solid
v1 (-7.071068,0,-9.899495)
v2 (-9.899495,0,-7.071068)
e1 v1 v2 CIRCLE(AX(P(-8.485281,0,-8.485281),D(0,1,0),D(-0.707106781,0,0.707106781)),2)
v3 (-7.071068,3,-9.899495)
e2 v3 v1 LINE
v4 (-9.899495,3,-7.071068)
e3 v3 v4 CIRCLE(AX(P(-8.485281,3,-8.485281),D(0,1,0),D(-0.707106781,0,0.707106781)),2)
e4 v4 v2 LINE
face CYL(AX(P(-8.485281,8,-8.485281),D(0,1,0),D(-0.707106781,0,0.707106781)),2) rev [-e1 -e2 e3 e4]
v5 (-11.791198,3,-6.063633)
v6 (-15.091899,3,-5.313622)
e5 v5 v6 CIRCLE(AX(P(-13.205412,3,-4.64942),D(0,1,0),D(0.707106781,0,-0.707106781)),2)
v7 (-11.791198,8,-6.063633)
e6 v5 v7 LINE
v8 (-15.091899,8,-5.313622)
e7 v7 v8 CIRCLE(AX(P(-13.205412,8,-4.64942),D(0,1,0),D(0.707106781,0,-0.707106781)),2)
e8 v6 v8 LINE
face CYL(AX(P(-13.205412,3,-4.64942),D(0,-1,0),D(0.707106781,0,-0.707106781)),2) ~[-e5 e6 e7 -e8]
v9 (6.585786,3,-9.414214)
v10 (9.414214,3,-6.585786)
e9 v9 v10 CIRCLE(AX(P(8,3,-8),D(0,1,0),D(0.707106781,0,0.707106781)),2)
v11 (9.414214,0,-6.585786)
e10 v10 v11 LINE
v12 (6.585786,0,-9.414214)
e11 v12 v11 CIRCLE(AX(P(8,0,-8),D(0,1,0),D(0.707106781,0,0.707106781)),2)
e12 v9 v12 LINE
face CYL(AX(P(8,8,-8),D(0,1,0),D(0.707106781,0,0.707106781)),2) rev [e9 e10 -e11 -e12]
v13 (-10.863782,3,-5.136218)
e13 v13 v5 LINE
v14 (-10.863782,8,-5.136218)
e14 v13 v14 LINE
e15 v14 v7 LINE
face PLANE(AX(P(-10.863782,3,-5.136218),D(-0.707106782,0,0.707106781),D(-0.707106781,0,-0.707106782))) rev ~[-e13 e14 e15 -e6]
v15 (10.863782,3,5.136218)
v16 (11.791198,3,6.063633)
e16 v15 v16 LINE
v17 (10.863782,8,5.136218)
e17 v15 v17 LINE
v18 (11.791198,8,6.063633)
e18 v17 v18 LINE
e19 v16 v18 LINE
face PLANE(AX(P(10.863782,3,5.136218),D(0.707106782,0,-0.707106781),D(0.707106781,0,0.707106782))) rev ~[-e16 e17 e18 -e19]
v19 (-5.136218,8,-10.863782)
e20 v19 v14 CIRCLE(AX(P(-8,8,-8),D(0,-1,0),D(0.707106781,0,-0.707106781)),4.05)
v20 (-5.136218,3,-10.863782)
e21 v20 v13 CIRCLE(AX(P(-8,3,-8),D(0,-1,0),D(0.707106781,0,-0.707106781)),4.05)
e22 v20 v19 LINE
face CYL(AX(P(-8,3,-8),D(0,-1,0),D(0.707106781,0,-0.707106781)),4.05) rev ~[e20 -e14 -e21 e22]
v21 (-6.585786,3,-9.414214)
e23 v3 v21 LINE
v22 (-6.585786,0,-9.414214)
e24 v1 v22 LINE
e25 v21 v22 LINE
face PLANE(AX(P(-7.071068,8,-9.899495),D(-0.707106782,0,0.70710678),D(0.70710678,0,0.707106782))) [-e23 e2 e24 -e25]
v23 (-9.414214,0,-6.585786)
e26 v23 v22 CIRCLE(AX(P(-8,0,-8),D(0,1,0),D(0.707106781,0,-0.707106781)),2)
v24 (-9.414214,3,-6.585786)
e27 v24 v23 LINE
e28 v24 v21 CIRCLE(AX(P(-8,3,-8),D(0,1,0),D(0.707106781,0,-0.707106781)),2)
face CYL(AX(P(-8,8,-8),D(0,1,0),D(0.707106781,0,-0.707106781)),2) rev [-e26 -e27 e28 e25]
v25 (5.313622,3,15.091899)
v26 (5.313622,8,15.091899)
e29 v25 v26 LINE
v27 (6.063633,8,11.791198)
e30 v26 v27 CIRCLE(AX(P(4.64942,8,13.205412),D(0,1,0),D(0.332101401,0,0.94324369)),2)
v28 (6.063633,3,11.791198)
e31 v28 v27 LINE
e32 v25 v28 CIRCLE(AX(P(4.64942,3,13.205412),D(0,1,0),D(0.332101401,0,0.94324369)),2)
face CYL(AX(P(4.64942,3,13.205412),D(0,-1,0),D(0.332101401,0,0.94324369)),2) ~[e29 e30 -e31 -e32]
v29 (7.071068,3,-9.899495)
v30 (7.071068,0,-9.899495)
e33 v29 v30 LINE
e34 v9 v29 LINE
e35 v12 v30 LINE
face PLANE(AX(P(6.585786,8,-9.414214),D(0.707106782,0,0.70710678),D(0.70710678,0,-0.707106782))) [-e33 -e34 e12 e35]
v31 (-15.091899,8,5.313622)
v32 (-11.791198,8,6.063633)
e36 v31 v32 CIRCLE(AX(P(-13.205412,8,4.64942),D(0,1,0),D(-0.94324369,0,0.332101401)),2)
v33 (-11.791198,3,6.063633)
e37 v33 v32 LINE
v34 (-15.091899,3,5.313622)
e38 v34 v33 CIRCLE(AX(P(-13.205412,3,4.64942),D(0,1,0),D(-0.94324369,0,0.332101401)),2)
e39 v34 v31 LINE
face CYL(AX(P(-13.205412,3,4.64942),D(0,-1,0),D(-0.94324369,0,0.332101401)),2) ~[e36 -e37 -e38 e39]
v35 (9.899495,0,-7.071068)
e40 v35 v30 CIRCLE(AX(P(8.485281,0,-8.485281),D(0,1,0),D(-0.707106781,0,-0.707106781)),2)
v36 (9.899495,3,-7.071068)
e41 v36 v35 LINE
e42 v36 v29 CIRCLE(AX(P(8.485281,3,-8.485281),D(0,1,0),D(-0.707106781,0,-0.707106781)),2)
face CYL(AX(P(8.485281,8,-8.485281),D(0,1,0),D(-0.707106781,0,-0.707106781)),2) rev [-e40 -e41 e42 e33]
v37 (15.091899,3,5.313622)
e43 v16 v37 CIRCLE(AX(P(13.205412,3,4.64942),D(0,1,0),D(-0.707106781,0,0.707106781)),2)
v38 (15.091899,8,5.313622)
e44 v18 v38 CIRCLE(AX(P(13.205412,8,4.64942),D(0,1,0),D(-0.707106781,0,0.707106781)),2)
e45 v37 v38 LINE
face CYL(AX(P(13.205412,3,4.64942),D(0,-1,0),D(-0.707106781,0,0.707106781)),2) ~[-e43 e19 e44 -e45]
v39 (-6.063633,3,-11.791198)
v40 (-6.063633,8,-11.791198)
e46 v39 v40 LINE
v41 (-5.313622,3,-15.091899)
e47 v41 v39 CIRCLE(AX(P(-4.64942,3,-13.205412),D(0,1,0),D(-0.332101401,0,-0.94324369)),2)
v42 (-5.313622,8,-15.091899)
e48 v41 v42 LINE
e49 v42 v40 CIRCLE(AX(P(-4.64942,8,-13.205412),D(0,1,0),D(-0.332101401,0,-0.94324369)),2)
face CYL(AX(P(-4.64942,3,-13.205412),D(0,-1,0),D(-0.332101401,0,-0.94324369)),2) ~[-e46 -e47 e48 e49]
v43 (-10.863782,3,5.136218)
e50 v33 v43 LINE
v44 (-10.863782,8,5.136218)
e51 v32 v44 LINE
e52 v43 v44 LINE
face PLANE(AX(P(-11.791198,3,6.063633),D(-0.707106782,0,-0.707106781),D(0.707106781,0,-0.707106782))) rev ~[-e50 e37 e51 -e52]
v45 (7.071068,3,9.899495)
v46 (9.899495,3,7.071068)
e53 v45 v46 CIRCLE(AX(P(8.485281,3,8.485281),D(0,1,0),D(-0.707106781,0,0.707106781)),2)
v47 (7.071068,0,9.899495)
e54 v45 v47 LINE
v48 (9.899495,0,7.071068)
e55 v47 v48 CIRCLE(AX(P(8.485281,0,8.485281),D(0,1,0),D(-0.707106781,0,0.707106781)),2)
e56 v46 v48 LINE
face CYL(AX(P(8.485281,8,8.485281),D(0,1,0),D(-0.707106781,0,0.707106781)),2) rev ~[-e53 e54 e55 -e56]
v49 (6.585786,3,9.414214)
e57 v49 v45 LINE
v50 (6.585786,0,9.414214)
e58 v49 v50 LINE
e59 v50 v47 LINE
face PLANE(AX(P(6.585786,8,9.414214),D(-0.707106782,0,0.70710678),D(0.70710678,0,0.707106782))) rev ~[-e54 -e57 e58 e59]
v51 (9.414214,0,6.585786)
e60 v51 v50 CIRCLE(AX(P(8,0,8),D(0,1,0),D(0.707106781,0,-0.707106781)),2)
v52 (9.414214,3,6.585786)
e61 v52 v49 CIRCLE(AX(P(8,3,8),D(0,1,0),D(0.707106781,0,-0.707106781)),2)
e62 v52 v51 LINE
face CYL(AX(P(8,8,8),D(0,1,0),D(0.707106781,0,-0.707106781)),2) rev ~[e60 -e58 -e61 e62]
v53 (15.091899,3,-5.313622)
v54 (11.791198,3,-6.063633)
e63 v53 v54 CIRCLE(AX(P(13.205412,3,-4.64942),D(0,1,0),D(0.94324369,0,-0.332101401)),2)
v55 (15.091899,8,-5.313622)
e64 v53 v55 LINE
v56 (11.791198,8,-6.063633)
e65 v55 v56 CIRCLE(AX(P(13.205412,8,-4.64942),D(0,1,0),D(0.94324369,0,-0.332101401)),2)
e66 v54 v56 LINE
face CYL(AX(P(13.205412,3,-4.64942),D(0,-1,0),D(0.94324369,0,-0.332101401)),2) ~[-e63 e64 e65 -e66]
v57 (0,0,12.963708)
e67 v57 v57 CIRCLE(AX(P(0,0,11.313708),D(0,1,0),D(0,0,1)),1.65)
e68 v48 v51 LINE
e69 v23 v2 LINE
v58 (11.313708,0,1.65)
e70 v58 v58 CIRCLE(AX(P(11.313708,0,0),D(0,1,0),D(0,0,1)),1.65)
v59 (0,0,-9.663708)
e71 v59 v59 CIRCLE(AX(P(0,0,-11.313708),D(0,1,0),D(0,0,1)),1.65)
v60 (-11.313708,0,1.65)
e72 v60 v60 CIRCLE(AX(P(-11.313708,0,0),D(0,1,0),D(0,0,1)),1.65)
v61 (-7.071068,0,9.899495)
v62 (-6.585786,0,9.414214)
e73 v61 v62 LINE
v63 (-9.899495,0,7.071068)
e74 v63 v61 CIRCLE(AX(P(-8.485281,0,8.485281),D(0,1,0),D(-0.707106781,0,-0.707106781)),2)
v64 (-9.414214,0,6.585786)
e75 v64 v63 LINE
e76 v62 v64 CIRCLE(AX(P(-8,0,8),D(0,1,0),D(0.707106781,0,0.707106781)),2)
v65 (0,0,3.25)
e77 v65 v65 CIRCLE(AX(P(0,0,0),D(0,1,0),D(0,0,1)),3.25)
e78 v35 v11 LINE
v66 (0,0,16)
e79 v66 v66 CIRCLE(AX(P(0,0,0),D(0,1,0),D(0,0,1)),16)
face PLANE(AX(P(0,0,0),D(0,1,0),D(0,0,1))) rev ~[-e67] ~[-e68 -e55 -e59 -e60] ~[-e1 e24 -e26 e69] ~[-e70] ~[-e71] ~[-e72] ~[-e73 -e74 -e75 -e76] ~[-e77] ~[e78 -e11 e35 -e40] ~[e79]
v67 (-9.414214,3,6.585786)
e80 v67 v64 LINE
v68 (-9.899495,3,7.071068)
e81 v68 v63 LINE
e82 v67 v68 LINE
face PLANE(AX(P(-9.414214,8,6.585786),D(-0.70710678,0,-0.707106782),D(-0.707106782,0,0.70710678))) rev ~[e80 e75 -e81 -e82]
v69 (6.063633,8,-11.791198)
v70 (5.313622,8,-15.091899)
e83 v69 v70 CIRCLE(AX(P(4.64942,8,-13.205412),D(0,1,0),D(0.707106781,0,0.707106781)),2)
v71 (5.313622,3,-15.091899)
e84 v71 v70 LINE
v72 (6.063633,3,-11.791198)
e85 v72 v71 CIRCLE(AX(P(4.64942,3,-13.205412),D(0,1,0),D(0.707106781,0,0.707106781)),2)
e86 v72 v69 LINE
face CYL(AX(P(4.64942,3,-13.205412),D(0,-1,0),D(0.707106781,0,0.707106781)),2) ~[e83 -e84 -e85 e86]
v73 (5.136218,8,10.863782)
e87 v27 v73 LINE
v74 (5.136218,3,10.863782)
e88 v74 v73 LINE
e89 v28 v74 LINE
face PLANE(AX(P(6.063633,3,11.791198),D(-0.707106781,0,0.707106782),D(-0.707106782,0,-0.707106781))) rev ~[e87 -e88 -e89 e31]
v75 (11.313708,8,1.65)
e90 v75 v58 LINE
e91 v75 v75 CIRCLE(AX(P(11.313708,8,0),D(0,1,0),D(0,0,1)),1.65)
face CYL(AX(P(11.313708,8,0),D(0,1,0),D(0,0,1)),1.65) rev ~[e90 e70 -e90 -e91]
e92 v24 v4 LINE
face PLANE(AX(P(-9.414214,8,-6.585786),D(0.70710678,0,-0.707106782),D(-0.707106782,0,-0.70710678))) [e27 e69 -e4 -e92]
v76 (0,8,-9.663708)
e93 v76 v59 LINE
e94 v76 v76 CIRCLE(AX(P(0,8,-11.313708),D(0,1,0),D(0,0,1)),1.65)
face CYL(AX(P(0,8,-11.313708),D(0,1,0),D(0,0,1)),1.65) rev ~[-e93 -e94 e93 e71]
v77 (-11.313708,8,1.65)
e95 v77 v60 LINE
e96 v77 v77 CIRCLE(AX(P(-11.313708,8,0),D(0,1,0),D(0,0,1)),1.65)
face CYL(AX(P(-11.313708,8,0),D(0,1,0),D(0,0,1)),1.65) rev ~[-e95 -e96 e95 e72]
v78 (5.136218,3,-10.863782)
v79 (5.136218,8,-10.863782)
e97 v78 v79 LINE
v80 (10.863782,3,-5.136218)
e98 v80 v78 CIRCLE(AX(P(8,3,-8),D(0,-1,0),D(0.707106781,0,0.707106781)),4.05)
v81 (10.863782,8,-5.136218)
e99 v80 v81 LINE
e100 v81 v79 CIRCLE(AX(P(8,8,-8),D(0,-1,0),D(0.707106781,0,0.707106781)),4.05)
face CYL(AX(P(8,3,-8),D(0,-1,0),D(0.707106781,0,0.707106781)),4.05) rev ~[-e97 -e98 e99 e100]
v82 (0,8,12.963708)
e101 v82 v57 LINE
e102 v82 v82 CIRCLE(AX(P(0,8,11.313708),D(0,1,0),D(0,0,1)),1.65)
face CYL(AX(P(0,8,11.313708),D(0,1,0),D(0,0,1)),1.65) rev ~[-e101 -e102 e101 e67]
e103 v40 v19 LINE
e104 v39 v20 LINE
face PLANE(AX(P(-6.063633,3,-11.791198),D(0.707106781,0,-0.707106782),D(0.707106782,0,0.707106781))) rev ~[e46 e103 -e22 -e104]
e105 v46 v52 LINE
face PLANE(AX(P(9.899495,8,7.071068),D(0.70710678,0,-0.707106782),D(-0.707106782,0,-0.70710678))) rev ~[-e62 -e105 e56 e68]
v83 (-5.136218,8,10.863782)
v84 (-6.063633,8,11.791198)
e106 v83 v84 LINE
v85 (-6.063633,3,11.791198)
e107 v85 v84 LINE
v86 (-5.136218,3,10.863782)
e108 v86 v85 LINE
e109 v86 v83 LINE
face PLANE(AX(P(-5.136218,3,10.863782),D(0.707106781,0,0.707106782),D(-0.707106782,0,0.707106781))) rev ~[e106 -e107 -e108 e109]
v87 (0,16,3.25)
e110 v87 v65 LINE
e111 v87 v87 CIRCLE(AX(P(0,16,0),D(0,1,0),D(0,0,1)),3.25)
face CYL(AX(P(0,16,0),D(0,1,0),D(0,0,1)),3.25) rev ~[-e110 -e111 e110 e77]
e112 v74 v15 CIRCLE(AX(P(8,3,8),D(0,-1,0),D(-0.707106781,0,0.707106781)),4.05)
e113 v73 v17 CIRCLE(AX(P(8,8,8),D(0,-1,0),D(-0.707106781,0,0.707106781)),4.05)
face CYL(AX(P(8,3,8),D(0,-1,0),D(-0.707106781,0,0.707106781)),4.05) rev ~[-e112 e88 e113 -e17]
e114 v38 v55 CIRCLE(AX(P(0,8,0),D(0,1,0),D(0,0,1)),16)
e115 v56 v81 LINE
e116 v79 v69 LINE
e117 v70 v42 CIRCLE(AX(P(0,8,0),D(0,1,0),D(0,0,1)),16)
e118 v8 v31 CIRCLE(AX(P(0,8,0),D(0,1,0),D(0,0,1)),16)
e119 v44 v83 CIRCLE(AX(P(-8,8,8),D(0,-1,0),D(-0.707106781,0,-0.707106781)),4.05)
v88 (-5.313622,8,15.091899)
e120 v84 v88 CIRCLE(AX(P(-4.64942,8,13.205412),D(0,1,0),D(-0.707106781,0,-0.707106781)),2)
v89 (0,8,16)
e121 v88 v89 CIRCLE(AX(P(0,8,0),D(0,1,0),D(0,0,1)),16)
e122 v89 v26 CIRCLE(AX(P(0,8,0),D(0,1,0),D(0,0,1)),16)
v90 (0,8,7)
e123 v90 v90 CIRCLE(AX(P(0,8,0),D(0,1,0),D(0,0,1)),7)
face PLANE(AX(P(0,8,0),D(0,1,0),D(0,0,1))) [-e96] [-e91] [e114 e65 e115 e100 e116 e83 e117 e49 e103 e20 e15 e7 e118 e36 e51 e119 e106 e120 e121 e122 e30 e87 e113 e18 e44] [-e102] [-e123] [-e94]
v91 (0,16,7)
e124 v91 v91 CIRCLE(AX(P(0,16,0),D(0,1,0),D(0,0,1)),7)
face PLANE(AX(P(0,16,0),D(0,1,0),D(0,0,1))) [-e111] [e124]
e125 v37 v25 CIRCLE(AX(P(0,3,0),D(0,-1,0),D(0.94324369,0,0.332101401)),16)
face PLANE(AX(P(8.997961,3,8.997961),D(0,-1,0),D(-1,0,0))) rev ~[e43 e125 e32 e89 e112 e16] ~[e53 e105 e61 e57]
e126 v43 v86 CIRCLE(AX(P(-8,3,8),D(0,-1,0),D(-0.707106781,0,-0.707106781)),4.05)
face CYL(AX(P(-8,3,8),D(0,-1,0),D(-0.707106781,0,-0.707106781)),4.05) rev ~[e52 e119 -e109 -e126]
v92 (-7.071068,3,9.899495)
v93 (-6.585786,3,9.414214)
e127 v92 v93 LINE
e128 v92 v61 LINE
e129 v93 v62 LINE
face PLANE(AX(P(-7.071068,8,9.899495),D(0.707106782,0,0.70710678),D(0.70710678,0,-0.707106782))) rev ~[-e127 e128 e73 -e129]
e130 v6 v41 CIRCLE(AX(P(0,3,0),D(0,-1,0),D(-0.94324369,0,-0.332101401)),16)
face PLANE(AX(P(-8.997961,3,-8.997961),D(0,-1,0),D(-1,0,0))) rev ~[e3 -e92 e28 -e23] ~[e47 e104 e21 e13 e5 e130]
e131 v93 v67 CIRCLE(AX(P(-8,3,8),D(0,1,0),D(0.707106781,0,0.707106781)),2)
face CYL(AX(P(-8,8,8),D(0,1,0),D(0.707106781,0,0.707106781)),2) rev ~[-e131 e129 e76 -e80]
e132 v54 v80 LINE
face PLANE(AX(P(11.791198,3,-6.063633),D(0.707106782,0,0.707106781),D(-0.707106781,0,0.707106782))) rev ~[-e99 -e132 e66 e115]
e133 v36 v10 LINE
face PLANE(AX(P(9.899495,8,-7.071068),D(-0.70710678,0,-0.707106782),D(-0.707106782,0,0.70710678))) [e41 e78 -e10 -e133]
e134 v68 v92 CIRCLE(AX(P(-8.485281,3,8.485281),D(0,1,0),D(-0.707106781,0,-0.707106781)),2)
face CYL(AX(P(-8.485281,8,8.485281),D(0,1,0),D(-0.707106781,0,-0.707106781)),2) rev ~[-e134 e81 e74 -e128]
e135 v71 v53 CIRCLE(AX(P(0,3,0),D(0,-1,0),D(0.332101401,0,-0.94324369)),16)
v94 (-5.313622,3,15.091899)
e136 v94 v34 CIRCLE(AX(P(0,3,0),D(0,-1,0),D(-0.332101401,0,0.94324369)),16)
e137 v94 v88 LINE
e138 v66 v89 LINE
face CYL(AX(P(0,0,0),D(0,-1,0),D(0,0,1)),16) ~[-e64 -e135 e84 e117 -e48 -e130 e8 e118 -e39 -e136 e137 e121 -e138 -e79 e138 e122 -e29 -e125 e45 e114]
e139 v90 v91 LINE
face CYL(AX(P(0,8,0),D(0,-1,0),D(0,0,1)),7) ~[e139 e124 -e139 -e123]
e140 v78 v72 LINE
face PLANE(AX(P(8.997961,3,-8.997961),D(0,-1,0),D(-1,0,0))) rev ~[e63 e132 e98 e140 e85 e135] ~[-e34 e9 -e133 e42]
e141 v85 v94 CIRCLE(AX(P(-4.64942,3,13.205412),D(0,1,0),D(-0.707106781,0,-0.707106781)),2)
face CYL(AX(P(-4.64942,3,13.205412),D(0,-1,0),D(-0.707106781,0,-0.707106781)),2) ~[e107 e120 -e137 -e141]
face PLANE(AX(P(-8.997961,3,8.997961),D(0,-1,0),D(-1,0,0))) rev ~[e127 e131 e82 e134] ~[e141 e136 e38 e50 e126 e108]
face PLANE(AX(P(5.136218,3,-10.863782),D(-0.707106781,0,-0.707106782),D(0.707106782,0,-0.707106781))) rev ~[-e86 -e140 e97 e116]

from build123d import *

# Parameters (mm, degrees)
SKETCH1_R           = 16
BOSS_EXTRUDE1_DEPTH = 8
SKETCH2_R           = 7
BOSS_EXTRUDE2_DEPTH = 8
SKETCH3_R           = 3.25
CUT_EXTRUDE1_DEPTH  = 28.712812921
SKETCH4_R           = 1.65
CUT_EXTRUDE2_DEPTH  = 25
CUT_EXTRUDE3_DEPTH  = 25
CUT_EXTRUDE4_START  = -5
CUT_EXTRUDE4_DEPTH  = 5


with BuildPart() as part:
    # Sketch1 → Boss-Extrude1 (new body)
    with BuildSketch(Plane(origin=(0, 0, 0), x_dir=(1, 0, 0), z_dir=(0, 1, 0))):
        with Locations(Location((0, 0, 0), (0, 0, 270))):
            Circle(SKETCH1_R)
    extrude(amount=BOSS_EXTRUDE1_DEPTH)

    # Sketch2 → Boss-Extrude2 (add)
    with BuildSketch(Plane(origin=(0, 8, 0), x_dir=(1, 0, 0), z_dir=(0, 1, 0))):
        with Locations(Location((0, 0, 0), (0, 0, 270))):
            Circle(SKETCH2_R)
    extrude(amount=BOSS_EXTRUDE2_DEPTH)

    # Sketch3 → Cut-Extrude1 (cut, through all)
    with BuildSketch(Plane(origin=(0, 16, 0), x_dir=(1, 0, 0), z_dir=(0, 1, 0))):
        with Locations(Location((0, 0, 0), (0, 0, 270))):
            Circle(SKETCH3_R)
    extrude(amount=-CUT_EXTRUDE1_DEPTH, mode=Mode.SUBTRACT)

    # Sketch4 → Cut-Extrude2 (cut, through all)
    with BuildSketch(Plane(origin=(0, 8, 0), x_dir=(1, 0, 0), z_dir=(0, 1, 0))):
        with Locations(Location((0, 11.313708499, 0), (0, 0, 270))):
            Circle(SKETCH4_R)
        with Locations(Location((-11.313708499, 0, 0), (0, 0, 270))):
            Circle(SKETCH4_R)
        with Locations(Location((0, -11.313708499, 0), (0, 0, 270))):
            Circle(SKETCH4_R)
        with Locations(Location((11.313708499, 0, 0), (0, 0, 270))):
            Circle(SKETCH4_R)
    extrude(amount=-CUT_EXTRUDE2_DEPTH, mode=Mode.SUBTRACT)

    # Sketch5 → Cut-Extrude3 (cut, through all)
    with BuildSketch(Plane(origin=(0, 8, 0), x_dir=(1, 0, 0), z_dir=(0, 1, 0))):
        with BuildLine():
            Line((-9.414213562, 6.585786438), (-9.899494937, 7.071067812))
            ThreePointArc((-9.899494937, 7.071067812), (-9.899494937, 9.899494937), (-7.071067812, 9.899494937))
            Line((-7.071067812, 9.899494937), (-6.585786438, 9.414213562))
            ThreePointArc((-6.585786438, 9.414213562), (-6.585786438, 6.585786438), (-9.414213562, 6.585786438))
        make_face()
        with BuildLine():
            Line((6.585786438, -9.414213562), (7.071067812, -9.899494937))
            ThreePointArc((7.071067812, -9.899494937), (9.899494937, -9.899494937), (9.899494937, -7.071067812))
            Line((9.899494937, -7.071067812), (9.414213562, -6.585786438))
            ThreePointArc((9.414213562, -6.585786438), (6.585786438, -6.585786438), (6.585786438, -9.414213562))
        make_face()
        with BuildLine():
            Line((6.585786438, 9.414213562), (7.071067812, 9.899494937))
            ThreePointArc((7.071067812, 9.899494937), (9.899494937, 9.899494937), (9.899494937, 7.071067812))
            Line((9.899494937, 7.071067812), (9.414213562, 6.585786438))
            ThreePointArc((9.414213562, 6.585786438), (6.585786438, 6.585786438), (6.585786438, 9.414213562))
        make_face()
        with BuildLine():
            Line((-9.414213562, -6.585786438), (-9.899494937, -7.071067812))
            ThreePointArc((-9.899494937, -7.071067812), (-9.899494937, -9.899494937), (-7.071067812, -9.899494937))
            Line((-7.071067812, -9.899494937), (-6.585786438, -9.414213562))
            ThreePointArc((-6.585786438, -9.414213562), (-6.585786438, -6.585786438), (-9.414213562, -6.585786438))
        make_face()
    extrude(amount=-CUT_EXTRUDE3_DEPTH, mode=Mode.SUBTRACT)

    # Sketch6 → Cut-Extrude4 (cut)
    with BuildSketch(Plane(origin=(0, 8, 0), x_dir=(1, 0, 0), z_dir=(0, 1, 0)).offset(CUT_EXTRUDE4_START)):
        with BuildLine():
            Line((-10.863782464, 5.136217536), (-11.791198103, 6.063633176))
            ThreePointArc((-11.791198103, 6.063633176), (-13.648570413, 6.599704291), (-15.091899046, 5.313622415))
            ThreePointArc((-15.091899046, 5.313622415), (-11.313708499, 11.313708499), (-5.313622415, 15.091899046))
            ThreePointArc((-5.313622415, 15.091899046), (-6.599704291, 13.648570413), (-6.063633176, 11.791198103))
            Line((-6.063633176, 11.791198103), (-5.136217536, 10.863782464))
            ThreePointArc((-5.136217536, 10.863782464), (-5.136217536, 5.136217536), (-10.863782464, 5.136217536))
        make_face()
        with BuildLine():
            Line((5.136217536, 10.863782464), (6.063633176, 11.791198103))
            ThreePointArc((6.063633176, 11.791198103), (6.599704291, 13.648570413), (5.313622415, 15.091899046))
            ThreePointArc((5.313622415, 15.091899046), (11.313708499, 11.313708499), (15.091899046, 5.313622415))
            ThreePointArc((15.091899046, 5.313622415), (13.648570413, 6.599704291), (11.791198103, 6.063633176))
            Line((11.791198103, 6.063633176), (10.863782464, 5.136217536))
            ThreePointArc((10.863782464, 5.136217536), (5.136217536, 5.136217536), (5.136217536, 10.863782464))
        make_face()
        with BuildLine():
            Line((10.863782464, -5.136217536), (11.791198103, -6.063633176))
            ThreePointArc((11.791198103, -6.063633176), (13.648570413, -6.599704291), (15.091899046, -5.313622415))
            ThreePointArc((15.091899046, -5.313622415), (11.313708499, -11.313708499), (5.313622415, -15.091899046))
            ThreePointArc((5.313622415, -15.091899046), (6.599704291, -13.648570413), (6.063633176, -11.791198103))
            Line((6.063633176, -11.791198103), (5.136217536, -10.863782464))
            ThreePointArc((5.136217536, -10.863782464), (5.136217536, -5.136217536), (10.863782464, -5.136217536))
        make_face()
        with BuildLine():
            Line((-5.136217536, -10.863782464), (-6.063633176, -11.791198103))
            ThreePointArc((-6.063633176, -11.791198103), (-6.599704291, -13.648570413), (-5.313622415, -15.091899046))
            ThreePointArc((-5.313622415, -15.091899046), (-11.313708499, -11.313708499), (-15.091899046, -5.313622415))
            ThreePointArc((-15.091899046, -5.313622415), (-13.648570413, -6.599704291), (-11.791198103, -6.063633176))
            Line((-11.791198103, -6.063633176), (-10.863782464, -5.136217536))
            ThreePointArc((-10.863782464, -5.136217536), (-5.136217536, -5.136217536), (-5.136217536, -10.863782464))
        make_face()
    extrude(amount=CUT_EXTRUDE4_DEPTH, mode=Mode.SUBTRACT)


solid = part.part
